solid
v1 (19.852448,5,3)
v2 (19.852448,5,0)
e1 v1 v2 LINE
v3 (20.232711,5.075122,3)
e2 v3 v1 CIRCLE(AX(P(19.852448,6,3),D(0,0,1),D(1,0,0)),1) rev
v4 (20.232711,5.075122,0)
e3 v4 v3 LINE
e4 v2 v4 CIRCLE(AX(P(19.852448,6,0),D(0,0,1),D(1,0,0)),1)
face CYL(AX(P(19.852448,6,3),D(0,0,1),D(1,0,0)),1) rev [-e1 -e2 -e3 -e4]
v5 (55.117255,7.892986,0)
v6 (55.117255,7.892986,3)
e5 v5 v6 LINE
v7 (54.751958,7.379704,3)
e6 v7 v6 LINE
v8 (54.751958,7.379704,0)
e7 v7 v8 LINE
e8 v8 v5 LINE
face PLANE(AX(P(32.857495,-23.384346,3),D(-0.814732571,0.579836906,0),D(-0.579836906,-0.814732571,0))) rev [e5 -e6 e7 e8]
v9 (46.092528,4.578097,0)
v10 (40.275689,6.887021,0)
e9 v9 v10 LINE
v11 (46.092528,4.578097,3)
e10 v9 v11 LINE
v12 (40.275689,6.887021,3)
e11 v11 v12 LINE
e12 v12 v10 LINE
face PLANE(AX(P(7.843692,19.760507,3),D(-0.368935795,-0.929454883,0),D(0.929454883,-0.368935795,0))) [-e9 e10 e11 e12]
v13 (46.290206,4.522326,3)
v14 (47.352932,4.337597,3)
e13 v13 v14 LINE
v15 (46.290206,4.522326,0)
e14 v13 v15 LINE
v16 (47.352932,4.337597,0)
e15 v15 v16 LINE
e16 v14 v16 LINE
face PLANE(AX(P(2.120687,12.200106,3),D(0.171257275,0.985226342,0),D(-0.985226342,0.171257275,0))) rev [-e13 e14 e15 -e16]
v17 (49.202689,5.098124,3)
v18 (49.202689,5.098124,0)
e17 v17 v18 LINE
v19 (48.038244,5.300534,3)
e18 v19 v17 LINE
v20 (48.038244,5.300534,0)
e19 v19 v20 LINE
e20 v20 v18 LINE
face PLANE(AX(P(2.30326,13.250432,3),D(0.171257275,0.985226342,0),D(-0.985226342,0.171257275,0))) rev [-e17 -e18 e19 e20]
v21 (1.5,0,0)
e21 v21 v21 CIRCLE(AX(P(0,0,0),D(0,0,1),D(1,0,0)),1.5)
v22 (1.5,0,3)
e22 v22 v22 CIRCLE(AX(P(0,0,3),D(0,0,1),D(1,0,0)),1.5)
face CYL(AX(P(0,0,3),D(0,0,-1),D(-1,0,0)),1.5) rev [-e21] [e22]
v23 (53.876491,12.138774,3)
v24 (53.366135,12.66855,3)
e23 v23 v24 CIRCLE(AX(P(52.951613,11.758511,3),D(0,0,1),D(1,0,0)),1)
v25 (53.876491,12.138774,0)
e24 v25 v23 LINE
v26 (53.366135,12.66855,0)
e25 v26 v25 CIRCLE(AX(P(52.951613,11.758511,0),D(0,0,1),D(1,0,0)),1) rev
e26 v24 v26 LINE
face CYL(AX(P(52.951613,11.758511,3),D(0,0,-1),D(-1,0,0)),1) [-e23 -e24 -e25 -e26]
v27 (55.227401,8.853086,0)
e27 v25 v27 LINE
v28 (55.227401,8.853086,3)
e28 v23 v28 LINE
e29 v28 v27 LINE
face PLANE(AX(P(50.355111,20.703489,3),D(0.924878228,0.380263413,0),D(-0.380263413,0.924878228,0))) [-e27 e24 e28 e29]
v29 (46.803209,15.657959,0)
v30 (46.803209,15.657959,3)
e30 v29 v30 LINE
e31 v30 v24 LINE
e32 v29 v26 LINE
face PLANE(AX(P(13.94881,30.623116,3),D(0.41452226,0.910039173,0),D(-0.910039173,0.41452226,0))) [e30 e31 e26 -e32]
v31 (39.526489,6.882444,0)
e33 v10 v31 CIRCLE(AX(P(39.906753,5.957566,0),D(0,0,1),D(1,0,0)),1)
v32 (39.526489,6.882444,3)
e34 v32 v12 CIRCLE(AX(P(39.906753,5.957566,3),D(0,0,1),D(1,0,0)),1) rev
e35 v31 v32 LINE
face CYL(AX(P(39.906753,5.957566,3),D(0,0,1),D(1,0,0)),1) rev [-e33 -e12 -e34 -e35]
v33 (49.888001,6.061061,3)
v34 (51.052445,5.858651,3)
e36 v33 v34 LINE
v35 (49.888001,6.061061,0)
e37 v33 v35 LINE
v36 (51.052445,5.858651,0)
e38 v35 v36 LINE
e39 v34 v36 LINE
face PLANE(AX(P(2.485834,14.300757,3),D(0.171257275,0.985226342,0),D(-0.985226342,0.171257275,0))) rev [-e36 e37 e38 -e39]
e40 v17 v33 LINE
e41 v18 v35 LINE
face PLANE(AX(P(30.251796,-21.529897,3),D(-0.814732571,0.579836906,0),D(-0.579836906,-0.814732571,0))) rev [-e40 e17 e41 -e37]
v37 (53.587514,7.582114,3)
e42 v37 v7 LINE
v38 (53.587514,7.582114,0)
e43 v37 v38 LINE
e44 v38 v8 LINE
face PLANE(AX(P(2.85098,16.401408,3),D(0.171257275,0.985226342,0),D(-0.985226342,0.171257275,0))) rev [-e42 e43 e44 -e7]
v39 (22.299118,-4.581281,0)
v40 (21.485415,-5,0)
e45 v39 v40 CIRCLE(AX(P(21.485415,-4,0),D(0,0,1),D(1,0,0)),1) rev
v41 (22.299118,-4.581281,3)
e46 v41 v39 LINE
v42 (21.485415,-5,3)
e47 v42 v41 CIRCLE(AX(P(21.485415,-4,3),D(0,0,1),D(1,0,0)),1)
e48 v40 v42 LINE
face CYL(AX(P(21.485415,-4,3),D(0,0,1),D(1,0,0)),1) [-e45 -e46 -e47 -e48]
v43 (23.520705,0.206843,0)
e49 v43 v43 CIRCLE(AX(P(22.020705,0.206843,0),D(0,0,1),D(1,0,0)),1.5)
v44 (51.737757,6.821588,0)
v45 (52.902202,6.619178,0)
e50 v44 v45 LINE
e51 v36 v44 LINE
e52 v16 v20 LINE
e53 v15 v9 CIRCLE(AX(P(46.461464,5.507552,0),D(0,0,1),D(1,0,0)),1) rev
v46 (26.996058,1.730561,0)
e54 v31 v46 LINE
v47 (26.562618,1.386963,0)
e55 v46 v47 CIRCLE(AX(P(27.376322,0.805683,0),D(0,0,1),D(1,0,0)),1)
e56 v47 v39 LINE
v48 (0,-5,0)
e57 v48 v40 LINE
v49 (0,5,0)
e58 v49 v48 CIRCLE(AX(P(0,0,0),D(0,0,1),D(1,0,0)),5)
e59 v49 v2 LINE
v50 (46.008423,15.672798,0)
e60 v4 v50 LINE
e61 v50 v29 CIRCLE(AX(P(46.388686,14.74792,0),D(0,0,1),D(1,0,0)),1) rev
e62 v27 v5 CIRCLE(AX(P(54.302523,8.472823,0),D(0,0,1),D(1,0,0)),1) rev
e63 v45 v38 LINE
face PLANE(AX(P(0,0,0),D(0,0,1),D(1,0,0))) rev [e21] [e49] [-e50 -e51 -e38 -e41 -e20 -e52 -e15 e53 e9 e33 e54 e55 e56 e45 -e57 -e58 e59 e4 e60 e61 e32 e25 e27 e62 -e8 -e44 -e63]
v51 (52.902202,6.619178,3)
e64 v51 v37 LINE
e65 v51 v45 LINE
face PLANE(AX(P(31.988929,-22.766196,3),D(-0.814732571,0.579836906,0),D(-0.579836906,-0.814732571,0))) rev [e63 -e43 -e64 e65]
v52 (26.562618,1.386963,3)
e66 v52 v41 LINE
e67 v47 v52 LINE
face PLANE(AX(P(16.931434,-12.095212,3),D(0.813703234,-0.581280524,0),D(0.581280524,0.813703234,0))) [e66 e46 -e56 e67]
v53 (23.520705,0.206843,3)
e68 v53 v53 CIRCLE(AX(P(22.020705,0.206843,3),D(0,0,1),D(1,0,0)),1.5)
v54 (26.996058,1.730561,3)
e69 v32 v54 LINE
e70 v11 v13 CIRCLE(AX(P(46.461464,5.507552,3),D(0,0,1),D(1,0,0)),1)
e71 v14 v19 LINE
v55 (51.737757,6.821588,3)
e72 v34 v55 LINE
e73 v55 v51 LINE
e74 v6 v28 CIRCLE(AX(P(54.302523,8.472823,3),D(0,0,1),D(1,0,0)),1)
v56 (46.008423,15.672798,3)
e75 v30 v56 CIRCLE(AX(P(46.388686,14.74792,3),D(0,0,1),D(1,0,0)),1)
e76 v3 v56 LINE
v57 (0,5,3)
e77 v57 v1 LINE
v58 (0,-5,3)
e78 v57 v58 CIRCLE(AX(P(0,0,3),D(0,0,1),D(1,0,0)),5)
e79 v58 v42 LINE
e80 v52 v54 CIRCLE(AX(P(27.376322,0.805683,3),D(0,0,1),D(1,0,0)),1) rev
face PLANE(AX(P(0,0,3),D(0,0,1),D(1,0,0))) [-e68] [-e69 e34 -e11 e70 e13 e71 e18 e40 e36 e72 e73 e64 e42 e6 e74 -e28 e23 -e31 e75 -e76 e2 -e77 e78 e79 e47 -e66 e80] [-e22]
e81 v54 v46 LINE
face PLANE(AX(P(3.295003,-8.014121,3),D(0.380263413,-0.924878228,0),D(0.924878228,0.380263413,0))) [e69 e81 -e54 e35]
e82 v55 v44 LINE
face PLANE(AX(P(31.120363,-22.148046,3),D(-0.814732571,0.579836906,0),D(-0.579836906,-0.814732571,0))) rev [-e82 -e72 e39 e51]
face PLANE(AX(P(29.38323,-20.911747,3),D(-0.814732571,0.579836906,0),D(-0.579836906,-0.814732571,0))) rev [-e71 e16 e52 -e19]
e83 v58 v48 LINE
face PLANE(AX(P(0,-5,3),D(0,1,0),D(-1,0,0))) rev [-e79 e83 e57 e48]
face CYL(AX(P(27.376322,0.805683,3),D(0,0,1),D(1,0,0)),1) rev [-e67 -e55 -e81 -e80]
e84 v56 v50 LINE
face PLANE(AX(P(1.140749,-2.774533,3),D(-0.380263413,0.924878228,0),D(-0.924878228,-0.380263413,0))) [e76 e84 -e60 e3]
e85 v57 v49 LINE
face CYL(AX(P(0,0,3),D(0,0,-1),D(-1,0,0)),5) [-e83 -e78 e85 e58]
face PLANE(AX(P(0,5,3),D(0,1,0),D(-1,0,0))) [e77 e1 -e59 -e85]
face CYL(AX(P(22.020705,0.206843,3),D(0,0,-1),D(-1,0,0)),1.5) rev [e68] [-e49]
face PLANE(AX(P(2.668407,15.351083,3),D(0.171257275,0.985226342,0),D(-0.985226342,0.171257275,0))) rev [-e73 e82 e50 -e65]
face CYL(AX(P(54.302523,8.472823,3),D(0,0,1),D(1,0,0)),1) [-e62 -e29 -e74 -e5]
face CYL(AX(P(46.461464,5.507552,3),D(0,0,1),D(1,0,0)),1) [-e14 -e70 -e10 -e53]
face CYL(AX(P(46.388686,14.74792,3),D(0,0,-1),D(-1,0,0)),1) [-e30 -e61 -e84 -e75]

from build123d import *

# Parameters (mm, degrees)
SKETCH1_R           = 1.5
BOSS_EXTRUDE3_DEPTH = 3
FILLET1_R           = 1


with BuildPart() as part:
    # Sketch1 → Boss-Extrude3 (new body)
    with BuildSketch(Plane.XY):
        with BuildLine():
            Line((20.05, 5), (0, 5))
            ThreePointArc((0, 5), (-5, 0), (0, -5))
            Line((0, -5), (22, -5))
            Line((22, -5), (26.72989842, 1.621129525))
            Line((26.72989842, 1.621129525), (39.900164389, 7.036080522))
            Line((39.900164389, 7.036080522), (46.188488025, 4.540007042))
            Line((46.188488025, 4.540007042), (47.352932204, 4.337597171))
            Line((47.352932204, 4.337597171), (48.038244482, 5.300533868))
            Line((48.038244482, 5.300533868), (49.20268866, 5.098123997))
            Line((49.20268866, 5.098123997), (49.888000938, 6.061060693))
            Line((49.888000938, 6.061060693), (51.052445116, 5.858650822))
            Line((51.052445116, 5.858650822), (51.737757394, 6.821587519))
            Line((51.737757394, 6.821587519), (52.902201573, 6.619177648))
            Line((52.902201573, 6.619177648), (53.587513851, 7.582114344))
            Line((53.587513851, 7.582114344), (54.751958029, 7.379704473))
            Line((54.751958029, 7.379704473), (55.437270307, 8.34264117))
            Line((55.437270307, 8.34264117), (53.72608495, 12.504593197))
            Line((53.72608495, 12.504593197), (46.409029503, 15.837507263))
            Line((46.409029503, 15.837507263), (20.05, 5))
        make_face()
        Circle(SKETCH1_R, mode=Mode.SUBTRACT)
        with Locations((22.020705275, 0.206842568)):
            Circle(SKETCH1_R, mode=Mode.SUBTRACT)
    extrude(amount=BOSS_EXTRUDE3_DEPTH)

    # Fillet1
    fillet1_edges = [part.edges().sort_by_distance(p)[0] for p in [
        (22, -5, 1.5),
        (20.05, 5, 1.5),
        (46.409029503, 15.837507263, 1.5),
        (53.72608495, 12.504593197, 1.5),
        (55.437270307, 8.34264117, 1.5),
        (46.188488025, 4.540007042, 1.5),
        (39.900164389, 7.036080522, 1.5),
        (26.72989842, 1.621129525, 1.5),
    ]]
    fillet(fillet1_edges, radius=FILLET1_R)


solid = part.part
